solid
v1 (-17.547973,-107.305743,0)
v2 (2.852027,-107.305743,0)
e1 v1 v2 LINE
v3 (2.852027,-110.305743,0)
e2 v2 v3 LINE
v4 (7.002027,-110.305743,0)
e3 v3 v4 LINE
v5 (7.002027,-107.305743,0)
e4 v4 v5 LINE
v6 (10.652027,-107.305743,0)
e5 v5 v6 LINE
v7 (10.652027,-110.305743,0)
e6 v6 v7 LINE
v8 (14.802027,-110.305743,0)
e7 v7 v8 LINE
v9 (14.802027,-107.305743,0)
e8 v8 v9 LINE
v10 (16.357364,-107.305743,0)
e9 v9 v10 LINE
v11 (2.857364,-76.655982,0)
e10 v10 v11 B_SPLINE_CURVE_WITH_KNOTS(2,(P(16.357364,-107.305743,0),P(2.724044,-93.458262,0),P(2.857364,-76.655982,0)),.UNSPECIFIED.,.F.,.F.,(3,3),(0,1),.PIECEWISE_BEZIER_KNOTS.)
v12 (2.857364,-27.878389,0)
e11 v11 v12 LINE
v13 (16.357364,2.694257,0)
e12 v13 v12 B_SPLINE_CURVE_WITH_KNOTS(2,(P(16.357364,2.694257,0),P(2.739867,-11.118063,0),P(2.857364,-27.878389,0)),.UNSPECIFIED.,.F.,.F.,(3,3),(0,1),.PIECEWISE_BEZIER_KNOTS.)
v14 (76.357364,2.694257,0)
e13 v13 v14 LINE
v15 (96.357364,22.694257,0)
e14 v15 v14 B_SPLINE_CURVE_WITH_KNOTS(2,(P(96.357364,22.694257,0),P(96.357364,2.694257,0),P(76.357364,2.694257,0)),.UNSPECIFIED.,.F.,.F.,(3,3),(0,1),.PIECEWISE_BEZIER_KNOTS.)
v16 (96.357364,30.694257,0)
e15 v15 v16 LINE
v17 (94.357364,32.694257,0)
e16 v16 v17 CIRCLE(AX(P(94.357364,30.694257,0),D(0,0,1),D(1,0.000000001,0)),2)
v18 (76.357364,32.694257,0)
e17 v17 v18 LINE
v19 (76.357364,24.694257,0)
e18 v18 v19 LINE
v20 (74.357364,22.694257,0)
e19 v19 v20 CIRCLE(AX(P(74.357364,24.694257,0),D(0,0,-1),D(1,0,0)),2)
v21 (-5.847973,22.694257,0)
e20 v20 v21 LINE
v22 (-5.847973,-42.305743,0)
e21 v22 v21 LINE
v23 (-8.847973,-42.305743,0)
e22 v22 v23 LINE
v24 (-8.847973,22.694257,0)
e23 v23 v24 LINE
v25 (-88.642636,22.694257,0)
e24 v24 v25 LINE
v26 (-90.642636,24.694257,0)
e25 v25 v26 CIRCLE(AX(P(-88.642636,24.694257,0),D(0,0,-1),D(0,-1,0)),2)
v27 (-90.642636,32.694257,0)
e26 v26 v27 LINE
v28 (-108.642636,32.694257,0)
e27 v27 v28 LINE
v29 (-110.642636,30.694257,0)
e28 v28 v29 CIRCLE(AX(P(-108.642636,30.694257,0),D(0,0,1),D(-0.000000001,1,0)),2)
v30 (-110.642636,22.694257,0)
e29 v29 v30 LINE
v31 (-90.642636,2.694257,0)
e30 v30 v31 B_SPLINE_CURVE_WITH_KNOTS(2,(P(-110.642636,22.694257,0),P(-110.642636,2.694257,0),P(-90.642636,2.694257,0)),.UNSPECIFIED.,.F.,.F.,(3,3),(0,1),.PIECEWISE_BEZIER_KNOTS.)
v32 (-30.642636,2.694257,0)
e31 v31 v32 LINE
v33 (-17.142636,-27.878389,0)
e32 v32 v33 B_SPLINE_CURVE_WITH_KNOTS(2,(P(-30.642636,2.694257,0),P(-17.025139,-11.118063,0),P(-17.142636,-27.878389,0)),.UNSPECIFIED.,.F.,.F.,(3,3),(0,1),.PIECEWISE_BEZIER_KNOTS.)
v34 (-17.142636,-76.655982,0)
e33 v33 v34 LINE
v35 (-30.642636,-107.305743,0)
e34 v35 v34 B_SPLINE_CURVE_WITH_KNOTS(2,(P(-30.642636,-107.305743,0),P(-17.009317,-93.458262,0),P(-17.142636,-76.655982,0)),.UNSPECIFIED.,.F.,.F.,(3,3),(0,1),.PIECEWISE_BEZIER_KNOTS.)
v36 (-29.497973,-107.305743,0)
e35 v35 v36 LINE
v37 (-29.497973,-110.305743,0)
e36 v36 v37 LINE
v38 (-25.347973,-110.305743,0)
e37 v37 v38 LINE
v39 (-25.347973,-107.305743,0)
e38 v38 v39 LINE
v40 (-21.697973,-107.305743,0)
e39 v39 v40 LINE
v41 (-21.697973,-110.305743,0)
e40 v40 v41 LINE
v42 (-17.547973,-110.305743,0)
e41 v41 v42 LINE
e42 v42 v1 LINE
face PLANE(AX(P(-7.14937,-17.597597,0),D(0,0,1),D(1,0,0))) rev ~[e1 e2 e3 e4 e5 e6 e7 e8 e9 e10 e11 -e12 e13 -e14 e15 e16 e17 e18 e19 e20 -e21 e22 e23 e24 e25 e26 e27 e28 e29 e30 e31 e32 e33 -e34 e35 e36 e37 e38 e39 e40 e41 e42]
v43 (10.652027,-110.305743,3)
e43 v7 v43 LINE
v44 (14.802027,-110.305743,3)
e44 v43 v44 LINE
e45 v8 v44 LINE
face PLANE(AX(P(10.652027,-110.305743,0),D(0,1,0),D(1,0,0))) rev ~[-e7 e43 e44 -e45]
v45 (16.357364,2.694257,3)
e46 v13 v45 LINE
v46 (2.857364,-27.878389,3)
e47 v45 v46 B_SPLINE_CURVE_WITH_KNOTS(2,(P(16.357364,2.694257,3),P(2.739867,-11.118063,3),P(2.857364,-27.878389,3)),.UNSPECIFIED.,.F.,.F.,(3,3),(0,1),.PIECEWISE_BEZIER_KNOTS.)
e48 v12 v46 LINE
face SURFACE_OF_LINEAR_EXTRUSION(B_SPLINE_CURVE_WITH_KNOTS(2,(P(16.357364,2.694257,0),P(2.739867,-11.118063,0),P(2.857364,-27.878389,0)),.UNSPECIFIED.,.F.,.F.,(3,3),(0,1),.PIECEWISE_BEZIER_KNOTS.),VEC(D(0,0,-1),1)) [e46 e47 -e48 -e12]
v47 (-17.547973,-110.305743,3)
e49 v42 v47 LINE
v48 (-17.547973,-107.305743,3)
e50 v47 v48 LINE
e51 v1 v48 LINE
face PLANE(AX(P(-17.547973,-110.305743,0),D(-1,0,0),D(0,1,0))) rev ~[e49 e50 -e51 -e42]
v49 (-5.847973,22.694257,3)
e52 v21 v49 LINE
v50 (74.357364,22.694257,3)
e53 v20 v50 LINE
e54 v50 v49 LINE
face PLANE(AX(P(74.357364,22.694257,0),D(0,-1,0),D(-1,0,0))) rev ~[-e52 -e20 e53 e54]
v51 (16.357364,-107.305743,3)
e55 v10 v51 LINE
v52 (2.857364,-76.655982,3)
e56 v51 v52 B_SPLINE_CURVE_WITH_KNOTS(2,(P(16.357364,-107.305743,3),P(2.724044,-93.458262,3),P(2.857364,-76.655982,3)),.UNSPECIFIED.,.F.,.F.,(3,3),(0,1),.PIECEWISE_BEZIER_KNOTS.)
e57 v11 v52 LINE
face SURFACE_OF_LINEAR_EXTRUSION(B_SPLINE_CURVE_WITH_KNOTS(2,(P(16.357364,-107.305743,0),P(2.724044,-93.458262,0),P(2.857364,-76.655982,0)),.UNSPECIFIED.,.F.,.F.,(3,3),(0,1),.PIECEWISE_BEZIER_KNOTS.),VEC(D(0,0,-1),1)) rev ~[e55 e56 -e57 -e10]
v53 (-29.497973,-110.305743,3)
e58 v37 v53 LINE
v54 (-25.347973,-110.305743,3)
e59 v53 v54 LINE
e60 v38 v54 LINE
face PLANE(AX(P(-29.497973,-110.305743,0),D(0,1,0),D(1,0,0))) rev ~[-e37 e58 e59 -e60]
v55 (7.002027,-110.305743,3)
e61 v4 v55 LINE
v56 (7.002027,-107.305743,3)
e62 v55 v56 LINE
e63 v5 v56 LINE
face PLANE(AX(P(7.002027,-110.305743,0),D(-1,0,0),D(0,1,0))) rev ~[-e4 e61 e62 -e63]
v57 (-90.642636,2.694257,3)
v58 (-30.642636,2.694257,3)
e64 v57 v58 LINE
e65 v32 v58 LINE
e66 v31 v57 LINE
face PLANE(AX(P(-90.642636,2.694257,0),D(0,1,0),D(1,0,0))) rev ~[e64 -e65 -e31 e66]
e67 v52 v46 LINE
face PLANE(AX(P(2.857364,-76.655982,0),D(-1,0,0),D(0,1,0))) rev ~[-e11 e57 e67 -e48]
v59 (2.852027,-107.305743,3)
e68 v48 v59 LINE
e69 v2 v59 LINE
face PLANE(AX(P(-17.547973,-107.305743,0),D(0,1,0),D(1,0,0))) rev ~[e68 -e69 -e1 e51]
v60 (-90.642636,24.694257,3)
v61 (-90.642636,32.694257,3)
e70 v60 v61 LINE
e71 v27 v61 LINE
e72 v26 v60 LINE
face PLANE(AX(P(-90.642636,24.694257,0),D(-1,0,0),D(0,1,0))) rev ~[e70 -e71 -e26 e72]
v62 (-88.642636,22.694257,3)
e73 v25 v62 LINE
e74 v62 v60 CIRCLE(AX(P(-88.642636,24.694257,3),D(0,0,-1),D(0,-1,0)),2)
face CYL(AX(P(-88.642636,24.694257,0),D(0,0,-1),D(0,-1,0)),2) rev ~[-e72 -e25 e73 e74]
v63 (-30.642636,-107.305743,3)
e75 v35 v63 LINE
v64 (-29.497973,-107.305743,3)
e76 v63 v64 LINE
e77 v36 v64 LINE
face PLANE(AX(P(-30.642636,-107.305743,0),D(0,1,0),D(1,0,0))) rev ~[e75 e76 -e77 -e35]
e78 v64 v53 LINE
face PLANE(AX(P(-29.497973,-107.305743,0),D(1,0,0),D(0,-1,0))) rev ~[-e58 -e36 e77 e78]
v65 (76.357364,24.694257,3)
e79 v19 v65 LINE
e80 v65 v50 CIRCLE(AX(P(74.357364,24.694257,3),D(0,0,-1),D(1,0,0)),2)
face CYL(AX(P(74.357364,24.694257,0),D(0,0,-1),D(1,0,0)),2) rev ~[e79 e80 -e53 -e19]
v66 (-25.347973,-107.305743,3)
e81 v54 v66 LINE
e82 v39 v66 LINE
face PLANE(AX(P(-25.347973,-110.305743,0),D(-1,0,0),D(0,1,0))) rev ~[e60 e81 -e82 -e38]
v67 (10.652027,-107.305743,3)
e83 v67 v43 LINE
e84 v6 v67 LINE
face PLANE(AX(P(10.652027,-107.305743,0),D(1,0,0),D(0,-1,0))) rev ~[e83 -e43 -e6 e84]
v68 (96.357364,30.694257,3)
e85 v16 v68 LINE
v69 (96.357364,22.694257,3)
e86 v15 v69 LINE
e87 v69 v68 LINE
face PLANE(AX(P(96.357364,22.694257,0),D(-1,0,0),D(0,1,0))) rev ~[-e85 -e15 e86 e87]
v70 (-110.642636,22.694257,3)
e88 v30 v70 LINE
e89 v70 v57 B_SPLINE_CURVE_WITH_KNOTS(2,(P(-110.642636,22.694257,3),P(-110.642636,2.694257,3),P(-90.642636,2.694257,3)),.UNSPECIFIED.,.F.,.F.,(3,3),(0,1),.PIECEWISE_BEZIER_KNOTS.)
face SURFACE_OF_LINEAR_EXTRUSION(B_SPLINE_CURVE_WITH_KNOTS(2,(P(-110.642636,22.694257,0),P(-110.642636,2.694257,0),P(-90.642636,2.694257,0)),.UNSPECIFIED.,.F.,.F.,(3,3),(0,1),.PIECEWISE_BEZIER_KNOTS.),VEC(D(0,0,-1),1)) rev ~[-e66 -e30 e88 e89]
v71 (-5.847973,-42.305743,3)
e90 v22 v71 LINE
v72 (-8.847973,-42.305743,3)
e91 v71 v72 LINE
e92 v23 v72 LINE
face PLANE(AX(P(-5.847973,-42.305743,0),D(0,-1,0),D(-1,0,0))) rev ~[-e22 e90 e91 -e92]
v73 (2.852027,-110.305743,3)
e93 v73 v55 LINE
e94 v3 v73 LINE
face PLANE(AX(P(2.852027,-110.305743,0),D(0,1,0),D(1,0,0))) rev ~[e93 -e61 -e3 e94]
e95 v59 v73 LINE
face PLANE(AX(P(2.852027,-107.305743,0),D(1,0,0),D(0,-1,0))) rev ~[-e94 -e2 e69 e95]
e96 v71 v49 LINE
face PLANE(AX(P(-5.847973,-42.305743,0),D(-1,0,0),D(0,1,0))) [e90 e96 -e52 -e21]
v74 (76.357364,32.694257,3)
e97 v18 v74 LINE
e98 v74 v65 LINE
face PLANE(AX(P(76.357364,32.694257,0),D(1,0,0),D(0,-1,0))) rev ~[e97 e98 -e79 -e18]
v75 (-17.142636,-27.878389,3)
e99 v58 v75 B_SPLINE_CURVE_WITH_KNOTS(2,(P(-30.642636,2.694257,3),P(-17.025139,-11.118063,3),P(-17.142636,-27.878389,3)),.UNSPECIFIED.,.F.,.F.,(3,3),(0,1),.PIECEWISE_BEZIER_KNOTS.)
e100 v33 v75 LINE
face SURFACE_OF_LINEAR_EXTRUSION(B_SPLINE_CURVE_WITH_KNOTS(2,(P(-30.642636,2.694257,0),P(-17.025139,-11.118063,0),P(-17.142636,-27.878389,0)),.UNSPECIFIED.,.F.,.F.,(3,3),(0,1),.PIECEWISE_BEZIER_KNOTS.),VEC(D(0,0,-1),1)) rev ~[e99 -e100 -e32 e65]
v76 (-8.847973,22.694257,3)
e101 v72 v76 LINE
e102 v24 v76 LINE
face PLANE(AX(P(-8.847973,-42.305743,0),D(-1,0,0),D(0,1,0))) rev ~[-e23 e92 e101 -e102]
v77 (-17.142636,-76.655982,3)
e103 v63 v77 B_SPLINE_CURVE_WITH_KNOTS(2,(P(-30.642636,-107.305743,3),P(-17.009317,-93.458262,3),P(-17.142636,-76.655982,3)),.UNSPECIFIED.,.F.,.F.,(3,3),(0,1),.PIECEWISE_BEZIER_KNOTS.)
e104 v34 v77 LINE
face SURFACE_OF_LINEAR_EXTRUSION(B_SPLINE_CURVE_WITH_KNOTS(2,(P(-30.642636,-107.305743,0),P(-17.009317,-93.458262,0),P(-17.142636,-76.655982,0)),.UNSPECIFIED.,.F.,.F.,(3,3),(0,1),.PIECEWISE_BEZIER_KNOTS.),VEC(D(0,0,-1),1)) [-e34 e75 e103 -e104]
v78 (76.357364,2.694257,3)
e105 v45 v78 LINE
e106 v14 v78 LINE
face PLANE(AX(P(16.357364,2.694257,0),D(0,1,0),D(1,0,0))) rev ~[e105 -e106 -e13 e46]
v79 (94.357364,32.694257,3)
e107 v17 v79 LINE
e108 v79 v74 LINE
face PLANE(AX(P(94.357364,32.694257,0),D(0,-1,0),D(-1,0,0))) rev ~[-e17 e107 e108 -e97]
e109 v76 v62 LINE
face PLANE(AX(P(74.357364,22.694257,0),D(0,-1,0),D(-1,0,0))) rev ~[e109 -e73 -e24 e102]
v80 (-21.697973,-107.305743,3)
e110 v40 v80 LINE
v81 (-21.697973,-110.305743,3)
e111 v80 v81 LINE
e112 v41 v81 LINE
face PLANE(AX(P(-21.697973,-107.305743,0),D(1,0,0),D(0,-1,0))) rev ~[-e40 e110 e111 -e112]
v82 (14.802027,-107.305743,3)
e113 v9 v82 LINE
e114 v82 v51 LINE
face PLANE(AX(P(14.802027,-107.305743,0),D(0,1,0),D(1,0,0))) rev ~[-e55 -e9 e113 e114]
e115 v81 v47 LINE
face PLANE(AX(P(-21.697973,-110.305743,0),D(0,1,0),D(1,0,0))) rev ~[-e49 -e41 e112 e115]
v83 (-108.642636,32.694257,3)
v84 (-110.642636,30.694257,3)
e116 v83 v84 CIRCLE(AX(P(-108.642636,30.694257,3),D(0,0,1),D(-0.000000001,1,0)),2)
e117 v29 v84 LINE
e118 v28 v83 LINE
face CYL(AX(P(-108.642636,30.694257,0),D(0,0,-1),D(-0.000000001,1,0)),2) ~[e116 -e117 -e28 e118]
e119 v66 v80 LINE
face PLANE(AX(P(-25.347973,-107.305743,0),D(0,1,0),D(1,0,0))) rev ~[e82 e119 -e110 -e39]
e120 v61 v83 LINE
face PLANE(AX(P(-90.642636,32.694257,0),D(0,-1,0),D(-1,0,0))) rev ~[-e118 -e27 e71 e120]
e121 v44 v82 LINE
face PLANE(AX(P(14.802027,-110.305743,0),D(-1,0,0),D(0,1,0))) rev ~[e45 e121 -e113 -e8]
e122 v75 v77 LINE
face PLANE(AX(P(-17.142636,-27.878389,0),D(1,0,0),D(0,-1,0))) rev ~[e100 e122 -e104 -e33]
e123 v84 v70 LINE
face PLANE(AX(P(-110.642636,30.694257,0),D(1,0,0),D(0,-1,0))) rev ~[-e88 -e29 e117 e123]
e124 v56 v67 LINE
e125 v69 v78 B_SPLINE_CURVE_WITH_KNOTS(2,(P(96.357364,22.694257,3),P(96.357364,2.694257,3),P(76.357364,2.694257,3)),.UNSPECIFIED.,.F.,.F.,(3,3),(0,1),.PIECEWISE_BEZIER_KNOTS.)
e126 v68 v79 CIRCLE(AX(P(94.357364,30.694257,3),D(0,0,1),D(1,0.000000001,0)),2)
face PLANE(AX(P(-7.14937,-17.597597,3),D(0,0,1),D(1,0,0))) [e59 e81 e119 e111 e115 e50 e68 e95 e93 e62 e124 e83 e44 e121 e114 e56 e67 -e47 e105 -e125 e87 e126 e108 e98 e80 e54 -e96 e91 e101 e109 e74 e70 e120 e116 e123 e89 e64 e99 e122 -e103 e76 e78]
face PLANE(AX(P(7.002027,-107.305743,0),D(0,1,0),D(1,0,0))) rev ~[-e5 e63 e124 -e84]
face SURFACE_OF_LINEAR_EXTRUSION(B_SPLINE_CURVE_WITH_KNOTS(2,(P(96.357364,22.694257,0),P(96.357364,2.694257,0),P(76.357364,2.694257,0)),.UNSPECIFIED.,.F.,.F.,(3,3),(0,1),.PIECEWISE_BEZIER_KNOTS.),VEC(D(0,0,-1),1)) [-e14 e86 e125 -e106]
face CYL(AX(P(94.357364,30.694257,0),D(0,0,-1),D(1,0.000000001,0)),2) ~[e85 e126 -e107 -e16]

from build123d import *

# Parameters (mm, degrees)
P_IDAT_VYSUNUT_M2_DEPTH  = 3
SKICA2_W                 = 3
SKICA2_H                 = 65
ODEBRAT_VYSUNUT_M3_DEPTH = 3


with BuildPart() as part:
    # Skica1 → Přidat vysunutím2 (new body)
    with BuildSketch(Plane.XY):
        with BuildLine():
            Line((-90.642636358, 2.694256757), (-30.642636358, 2.694256757))
            add(Edge.make_bspline(
                [(-30.642636358, 2.694256757), (-17.025139471, -11.118063286), (-17.142636358, -27.878389443)],
                knots=[0, 0, 0, 1, 1, 1], degree=2))
            Line((-17.142636358, -27.878389443), (-17.142636358, -76.655981804))
            add(Edge.make_bspline(
                [(-30.642636358, -107.305743243), (-17.009316786, -93.458261678), (-17.142636358, -76.655981804)],
                knots=[0, 0, 0, 1, 1, 1], degree=2))
            Line((-30.642636358, -107.305743243), (-29.497972973, -107.305743243))
            Line((-29.497972973, -107.305743243), (-29.497972973, -110.305743243))
            Line((-29.497972973, -110.305743243), (-25.347972973, -110.305743243))
            Line((-25.347972973, -110.305743243), (-25.347972973, -107.305743243))
            Line((-25.347972973, -107.305743243), (-21.697972973, -107.305743243))
            Line((-21.697972973, -107.305743243), (-21.697972973, -110.305743243))
            Line((-21.697972973, -110.305743243), (-17.547972973, -110.305743243))
            Line((-17.547972973, -110.305743243), (-17.547972973, -107.305743243))
            Line((-17.547972973, -107.305743243), (2.852027027, -107.305743243))
            Line((2.852027027, -107.305743243), (2.852027027, -110.305743243))
            Line((2.852027027, -110.305743243), (7.002027027, -110.305743243))
            Line((7.002027027, -110.305743243), (7.002027027, -107.305743243))
            Line((7.002027027, -107.305743243), (10.652027027, -107.305743243))
            Line((10.652027027, -107.305743243), (10.652027027, -110.305743243))
            Line((10.652027027, -110.305743243), (14.802027027, -110.305743243))
            Line((14.802027027, -110.305743243), (14.802027027, -107.305743243))
            Line((14.802027027, -107.305743243), (16.357363642, -107.305743243))
            add(Edge.make_bspline(
                [(16.357363642, -107.305743243), (2.72404407, -93.458261678), (2.857363642, -76.655981804)],
                knots=[0, 0, 0, 1, 1, 1], degree=2))
            Line((2.857363642, -76.655981804), (2.857363642, -27.878389443))
            add(Edge.make_bspline(
                [(16.357363642, 2.694256757), (2.739866756, -11.118063286), (2.857363642, -27.878389443)],
                knots=[0, 0, 0, 1, 1, 1], degree=2))
            Line((16.357363642, 2.694256757), (76.357363642, 2.694256757))
            add(Edge.make_bspline(
                [(96.357363642, 22.694256757), (96.357363642, 2.694256757), (76.357363642, 2.694256757)],
                knots=[0, 0, 0, 1, 1, 1], degree=2))
            Line((96.357363642, 22.694256757), (96.357363642, 30.694256757))
            ThreePointArc((96.357363642, 30.694256757), (95.771577204, 32.108470319), (94.357363642, 32.694256757))
            Line((94.357363642, 32.694256757), (76.357363642, 32.694256757))
            Line((76.357363642, 32.694256757), (76.357363642, 24.694256757))
            ThreePointArc((76.357363642, 24.694256757), (75.771577204, 23.280043194), (74.357363642, 22.694256757))
            Line((74.357363642, 22.694256757), (-88.642636358, 22.694256757))
            ThreePointArc((-88.642636358, 22.694256757), (-90.05684992, 23.280043194), (-90.642636358, 24.694256757))
            Line((-90.642636358, 24.694256757), (-90.642636358, 32.694256757))
            Line((-90.642636358, 32.694256757), (-108.642636358, 32.694256757))
            ThreePointArc((-108.642636358, 32.694256757), (-110.05684992, 32.108470319), (-110.642636358, 30.694256757))
            Line((-110.642636358, 30.694256757), (-110.642636358, 22.694256757))
            add(Edge.make_bspline(
                [(-110.642636358, 22.694256757), (-110.642636358, 2.694256757), (-90.642636358, 2.694256757)],
                knots=[0, 0, 0, 1, 1, 1], degree=2))
        make_face()
    extrude(amount=P_IDAT_VYSUNUT_M2_DEPTH)

    # Skica2 → Odebrat vysunutím3 (cut)
    with BuildSketch(Plane(origin=(0, 0, 0), x_dir=(-1, 0, 0), z_dir=(0, 0, -1))):
        with Locations((7.347972973, -9.805743243)):
            Rectangle(SKICA2_W, SKICA2_H)
    extrude(amount=-ODEBRAT_VYSUNUT_M3_DEPTH, mode=Mode.SUBTRACT)


solid = part.part
